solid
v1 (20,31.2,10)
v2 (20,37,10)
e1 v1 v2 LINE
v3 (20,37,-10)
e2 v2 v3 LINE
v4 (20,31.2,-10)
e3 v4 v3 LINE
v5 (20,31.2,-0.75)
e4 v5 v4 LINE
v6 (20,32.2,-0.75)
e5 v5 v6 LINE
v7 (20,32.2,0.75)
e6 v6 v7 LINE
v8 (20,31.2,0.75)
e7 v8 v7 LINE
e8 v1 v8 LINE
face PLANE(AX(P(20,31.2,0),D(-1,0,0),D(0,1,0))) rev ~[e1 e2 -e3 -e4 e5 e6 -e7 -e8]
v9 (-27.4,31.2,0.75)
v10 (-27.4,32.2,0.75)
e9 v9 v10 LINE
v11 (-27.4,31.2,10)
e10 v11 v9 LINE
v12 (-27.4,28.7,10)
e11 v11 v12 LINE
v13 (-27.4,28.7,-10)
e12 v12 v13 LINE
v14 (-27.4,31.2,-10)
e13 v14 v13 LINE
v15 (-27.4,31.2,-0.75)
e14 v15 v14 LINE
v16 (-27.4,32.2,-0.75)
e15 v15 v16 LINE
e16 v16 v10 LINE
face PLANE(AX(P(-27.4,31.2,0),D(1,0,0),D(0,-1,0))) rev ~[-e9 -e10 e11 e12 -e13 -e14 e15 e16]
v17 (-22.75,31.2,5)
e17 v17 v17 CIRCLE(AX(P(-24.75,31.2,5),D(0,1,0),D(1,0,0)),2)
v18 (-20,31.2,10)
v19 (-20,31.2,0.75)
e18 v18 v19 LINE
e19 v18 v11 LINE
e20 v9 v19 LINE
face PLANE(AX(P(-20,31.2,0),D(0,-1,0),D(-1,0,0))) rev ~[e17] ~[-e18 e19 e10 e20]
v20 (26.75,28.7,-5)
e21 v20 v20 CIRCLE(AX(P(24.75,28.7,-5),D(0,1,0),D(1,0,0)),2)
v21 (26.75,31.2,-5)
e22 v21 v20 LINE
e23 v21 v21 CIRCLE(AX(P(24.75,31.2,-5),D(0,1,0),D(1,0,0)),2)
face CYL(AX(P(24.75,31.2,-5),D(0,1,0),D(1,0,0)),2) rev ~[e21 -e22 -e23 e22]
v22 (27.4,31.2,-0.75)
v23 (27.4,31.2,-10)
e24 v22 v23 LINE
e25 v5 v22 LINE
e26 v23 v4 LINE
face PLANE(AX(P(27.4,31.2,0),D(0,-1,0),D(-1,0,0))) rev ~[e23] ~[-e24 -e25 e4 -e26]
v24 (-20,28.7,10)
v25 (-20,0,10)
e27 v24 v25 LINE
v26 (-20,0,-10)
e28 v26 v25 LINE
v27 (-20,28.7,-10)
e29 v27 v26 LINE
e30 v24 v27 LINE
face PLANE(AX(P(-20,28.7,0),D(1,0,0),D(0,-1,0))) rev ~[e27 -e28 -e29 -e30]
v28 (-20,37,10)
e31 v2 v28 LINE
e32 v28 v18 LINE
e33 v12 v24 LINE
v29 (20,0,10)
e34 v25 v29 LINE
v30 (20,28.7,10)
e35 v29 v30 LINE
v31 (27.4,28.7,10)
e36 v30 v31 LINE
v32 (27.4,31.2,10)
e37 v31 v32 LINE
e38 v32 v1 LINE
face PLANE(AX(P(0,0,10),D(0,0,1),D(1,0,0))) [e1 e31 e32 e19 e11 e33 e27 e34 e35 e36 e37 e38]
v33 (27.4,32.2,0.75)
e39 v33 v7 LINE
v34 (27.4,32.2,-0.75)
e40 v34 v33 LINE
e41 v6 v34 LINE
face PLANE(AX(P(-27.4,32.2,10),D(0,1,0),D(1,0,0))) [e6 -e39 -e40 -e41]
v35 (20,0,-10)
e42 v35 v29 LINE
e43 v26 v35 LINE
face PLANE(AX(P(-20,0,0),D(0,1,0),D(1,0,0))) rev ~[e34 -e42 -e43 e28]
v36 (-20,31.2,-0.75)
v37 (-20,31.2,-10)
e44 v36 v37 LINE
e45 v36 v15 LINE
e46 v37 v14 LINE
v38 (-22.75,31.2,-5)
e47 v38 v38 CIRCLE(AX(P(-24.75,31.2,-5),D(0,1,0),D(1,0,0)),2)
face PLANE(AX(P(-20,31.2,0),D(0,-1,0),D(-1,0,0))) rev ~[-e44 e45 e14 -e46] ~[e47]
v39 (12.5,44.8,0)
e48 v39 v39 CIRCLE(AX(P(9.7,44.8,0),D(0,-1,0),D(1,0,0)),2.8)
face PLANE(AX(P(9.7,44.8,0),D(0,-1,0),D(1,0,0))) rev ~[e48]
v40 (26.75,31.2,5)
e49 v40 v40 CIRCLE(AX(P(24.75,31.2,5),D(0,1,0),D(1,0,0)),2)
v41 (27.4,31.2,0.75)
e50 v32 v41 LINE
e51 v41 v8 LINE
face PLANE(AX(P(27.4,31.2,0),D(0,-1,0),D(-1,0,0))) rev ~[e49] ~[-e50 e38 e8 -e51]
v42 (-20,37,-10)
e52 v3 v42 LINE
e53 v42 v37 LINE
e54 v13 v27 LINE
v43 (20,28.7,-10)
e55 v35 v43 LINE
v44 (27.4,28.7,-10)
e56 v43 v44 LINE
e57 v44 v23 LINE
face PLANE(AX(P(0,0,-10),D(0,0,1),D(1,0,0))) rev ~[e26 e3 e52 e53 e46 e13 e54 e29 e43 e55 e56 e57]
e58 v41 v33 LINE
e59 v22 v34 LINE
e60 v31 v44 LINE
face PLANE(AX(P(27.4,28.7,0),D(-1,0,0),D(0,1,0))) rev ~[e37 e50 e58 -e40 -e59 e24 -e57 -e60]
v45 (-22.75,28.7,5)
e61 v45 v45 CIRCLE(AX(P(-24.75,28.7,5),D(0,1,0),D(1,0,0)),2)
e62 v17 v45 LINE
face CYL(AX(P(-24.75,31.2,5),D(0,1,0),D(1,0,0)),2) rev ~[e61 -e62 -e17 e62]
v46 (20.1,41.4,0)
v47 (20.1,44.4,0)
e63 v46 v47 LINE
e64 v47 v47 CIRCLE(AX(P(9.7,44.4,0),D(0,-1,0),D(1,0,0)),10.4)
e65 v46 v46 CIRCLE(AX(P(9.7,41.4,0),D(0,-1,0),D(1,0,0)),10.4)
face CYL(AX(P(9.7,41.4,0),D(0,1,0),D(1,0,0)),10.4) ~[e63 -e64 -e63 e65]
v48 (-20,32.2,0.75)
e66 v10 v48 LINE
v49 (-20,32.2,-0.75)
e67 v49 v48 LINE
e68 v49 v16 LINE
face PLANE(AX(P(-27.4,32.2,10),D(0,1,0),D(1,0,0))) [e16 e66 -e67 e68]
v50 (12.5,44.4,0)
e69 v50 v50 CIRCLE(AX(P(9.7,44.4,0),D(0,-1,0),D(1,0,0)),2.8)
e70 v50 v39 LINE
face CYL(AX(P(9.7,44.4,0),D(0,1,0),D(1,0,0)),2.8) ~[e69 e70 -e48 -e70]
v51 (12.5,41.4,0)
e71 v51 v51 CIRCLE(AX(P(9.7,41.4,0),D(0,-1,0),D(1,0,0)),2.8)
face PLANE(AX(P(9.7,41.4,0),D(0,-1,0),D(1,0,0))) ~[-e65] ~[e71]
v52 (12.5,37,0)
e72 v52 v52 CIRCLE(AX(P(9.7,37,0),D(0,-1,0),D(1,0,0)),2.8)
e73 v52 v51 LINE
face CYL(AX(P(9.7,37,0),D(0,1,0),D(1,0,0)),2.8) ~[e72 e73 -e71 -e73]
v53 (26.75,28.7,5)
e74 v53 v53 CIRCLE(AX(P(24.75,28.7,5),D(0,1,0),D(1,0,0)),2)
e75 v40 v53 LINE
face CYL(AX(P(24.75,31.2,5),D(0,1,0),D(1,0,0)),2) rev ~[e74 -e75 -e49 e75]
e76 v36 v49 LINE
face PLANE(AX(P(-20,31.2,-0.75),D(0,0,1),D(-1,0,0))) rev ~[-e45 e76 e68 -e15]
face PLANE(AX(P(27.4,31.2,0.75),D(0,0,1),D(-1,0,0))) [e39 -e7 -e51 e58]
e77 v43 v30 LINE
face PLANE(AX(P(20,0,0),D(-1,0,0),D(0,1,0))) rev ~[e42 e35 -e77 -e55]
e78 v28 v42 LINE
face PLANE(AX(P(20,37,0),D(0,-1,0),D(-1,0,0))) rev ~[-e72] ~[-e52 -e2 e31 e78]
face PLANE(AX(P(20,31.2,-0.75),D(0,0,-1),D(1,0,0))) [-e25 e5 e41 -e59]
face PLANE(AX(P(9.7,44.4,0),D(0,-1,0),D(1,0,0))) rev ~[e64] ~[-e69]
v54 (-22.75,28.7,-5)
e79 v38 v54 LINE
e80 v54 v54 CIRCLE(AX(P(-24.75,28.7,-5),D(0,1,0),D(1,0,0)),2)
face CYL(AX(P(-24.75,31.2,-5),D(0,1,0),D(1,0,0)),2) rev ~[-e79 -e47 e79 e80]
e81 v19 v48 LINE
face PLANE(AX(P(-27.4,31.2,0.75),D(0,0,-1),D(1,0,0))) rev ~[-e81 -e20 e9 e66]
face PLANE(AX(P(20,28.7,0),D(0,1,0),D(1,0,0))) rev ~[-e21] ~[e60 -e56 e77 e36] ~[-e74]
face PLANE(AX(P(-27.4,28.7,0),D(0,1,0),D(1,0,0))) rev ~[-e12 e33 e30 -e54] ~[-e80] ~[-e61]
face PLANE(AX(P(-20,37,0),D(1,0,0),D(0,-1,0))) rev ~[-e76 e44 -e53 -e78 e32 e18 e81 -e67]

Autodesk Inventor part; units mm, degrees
ref_plane "YZ Plane" through (0, 0, 0) normal (1, 0, 0) x (0, 1, 0)
ref_plane "XZ Plane" through (0, 0, 0) normal (0, 1, 0) x (-1, 0, 0)
ref_plane "XY Plane" through (0, 0, 0) normal (0, 0, 1) x (1, 0, 0)
sketch "Sketch1" plane through (0, 0, 0) normal (0, 0, 1) x (1, 0, 0)
  line L0 (-20, 0) -> (20, 0)
  line L1 (20, 0) -> (20, 28.7)
  line L2 (20, 28.7) -> (27.4, 28.7)
  line L3 (27.4, 28.7) -> (27.4, 31.2)
  line L4 (27.4, 31.2) -> (20, 31.2)
  line L5 (20, 31.2) -> (20, 37)
  line L6 (20, 37) -> (-20, 37)
  line L7 (-20, 37) -> (-20, 31.2)
  line L8 (-20, 31.2) -> (-27.4, 31.2)
  line L9 (-27.4, 31.2) -> (-27.4, 28.7)
  line L10 (-27.4, 28.7) -> (-20, 28.7)
  line L11 (-20, 28.7) -> (-20, 0)
  point P0 (0, 0)
  point P1 (0, 0)
  dimension "d0" = 40
  dimension "d1" = 28.7
  dimension "d2" = 7.4
  dimension "d3" = 2.5
  dimension "d4" = 5.8
  dimension "d5" = 7.4
extrude "Extrusion1" add sketch "Sketch1" along normal mid plane 20
sketch "Sketch4" plane through (0, 0, 0) normal (0, 0, 1) x (1, 0, 0)
  line L0 (20, 37) -> (-20, 37) projected
  line L1 (12.5, 37) -> (12.5, 41.4)
  line L2 (12.5, 41.4) -> (20.1, 41.4)
  line L3 (20.1, 41.4) -> (20.1, 44.4)
  line L4 (20.1, 44.4) -> (12.5, 44.4)
  line L5 (12.5, 44.4) -> (12.5, 44.8)
  line L6 (12.5, 44.8) -> (9.7, 44.8)
  line L7 (12.5, 37) -> (9.7, 37)
  line L8 (9.7, 44.8) -> (9.7, 37)
  point P0 (0, 0)
  point P1 (0, 37)
  dimension "d10" = 9.7
  dimension "d11" = 0.4
  dimension "d12" = 10.4
  dimension "d13" = 2.8
  dimension "d14" = 4.4
  dimension "d15" = 3
revolve "Revolution1" add sketch "Sketch4" angle 360 about axis through (9.7, 44.8, 0) along (0, -1, 0)
sketch "Sketch5" plane through (-27.4, 31.2, 10) normal (0, 1, 0) x (1, 0, 0)
  circle A0 centre (2.65, 15) radius 2
  line L0 (0, 20) -> (0, 0) projected
  line L1 (7.4, 0) -> (0, 0) projected
  line L2 (7.4, 20) -> (7.4, 0) projected
  line L3 (0, 20) -> (7.4, 20) projected
  line L4 (47.4, 20) -> (47.4, 0) projected
  line L5 (54.8, 0) -> (47.4, 0) projected
  line L6 (54.8, 20) -> (54.8, 0) projected
  line L7 (47.4, 20) -> (54.8, 20) projected
  line L8 (7.4, 20) -> (47.4, 20) projected
  line L9 (27.4, 20) -> (27.4, 0) construction
  line L10 (7.4, 0) -> (47.4, 0) projected
  line L11 (0, 20) -> (0, 0) projected
  line L12 (0, 10) -> (54.8, 10) construction
  line L13 (54.8, 20) -> (54.8, 0) projected
  circle A1 centre (2.65, 5) radius 2
  circle A2 centre (52.15, 15) radius 2
  circle A3 centre (52.15, 5) radius 2
  line L14 (7.4, 0) -> (7.4, 20) projected
  line L15 (7.4, 10.75) -> (0, 10.75)
  line L16 (0, 10.75) -> (0, 9.25)
  line L17 (0, 9.25) -> (7.4, 9.25)
  line L18 (7.4, 9.25) -> (7.4, 10.75)
  line L19 (47.4, 10.75) -> (54.8, 10.75)
  line L20 (54.8, 10.75) -> (54.8, 9.25)
  line L21 (54.8, 9.25) -> (47.4, 9.25)
  line L22 (47.4, 9.25) -> (47.4, 10.75)
  point P0 (27.4, 10)
  dimension "d17" = 4
  dimension "d18" = 10
  dimension "d19" = 49.5
  dimension "d22" = 7.4
  dimension "d23" = 1.5
extrude "Extrusion2" cut sketch "Sketch5" against normal up to next contours A0 | A1 | A2 | A3
extrude "Extrusion3" add sketch "Sketch5" along normal blind 1 contours L15 L2 L17 L0 | L19 L6 L21 L4
sketch "Sketch6" plane through (-20, 0, 10) normal (0, -1, 0) x (1, 0, 0)
  line L0 (0, 0) -> (0, -20) construction
  line L1 (0, -10) -> (40, -10) construction
  line L2 (40, -20) -> (40, 0) construction
  line L3 (40, 0) -> (0, 0) construction
  line L4 (20, 0) -> (20, -20) construction
  line L5 (0, -20) -> (40, -20) construction
  line L6 (40, 0) -> (0, 0) construction
  line L7 (0, 0) -> (0, -20) construction
  line L8 (0, -20) -> (40, -20) construction
  line L9 (40, -20) -> (40, 0) construction
  circle A0 centre (29.7, -10) radius 2.8 projected
  circle A1 centre (-4.75, -5) radius 2 projected
  circle A2 centre (-4.75, -15) radius 2 projected
  circle A3 centre (44.75, -15) radius 2 projected
  circle A4 centre (44.75, -5) radius 2 projected
  line L10 (-7.4, -10.75) -> (0, -10.75) projected
  line L11 (0, -9.25) -> (-7.4, -9.25) projected
  line L12 (40, -10.75) -> (47.4, -10.75) projected
  line L13 (47.4, -9.25) -> (40, -9.25) projected
  line L14 (40, -20) -> (40, 0) projected
  line L15 (47.4, -20) -> (47.4, 0) projected
  line L16 (40, 0) -> (47.4, 0) projected
  circle A5 centre (44.75, -15) radius 2 projected
  circle A6 centre (44.75, -5) radius 2 projected
  line L17 (47.4, -20) -> (47.4, 0) projected
  line L18 (40, 0) -> (47.4, 0) projected
  line L19 (40, -20) -> (40, 0) projected
  line L20 (47.4, -20) -> (40, -20) projected
  circle A7 centre (-4.75, -15) radius 2 projected
  circle A8 centre (-4.75, -5) radius 2 projected
  line L21 (0, -20) -> (0, 0) projected
  line L22 (-7.4, 0) -> (0, 0) projected
  line L23 (-7.4, -20) -> (-7.4, 0) projected
  line L24 (0, -20) -> (-7.4, -20) projected
  point P0 (20, -10)
properties part number "feedback_servo"
